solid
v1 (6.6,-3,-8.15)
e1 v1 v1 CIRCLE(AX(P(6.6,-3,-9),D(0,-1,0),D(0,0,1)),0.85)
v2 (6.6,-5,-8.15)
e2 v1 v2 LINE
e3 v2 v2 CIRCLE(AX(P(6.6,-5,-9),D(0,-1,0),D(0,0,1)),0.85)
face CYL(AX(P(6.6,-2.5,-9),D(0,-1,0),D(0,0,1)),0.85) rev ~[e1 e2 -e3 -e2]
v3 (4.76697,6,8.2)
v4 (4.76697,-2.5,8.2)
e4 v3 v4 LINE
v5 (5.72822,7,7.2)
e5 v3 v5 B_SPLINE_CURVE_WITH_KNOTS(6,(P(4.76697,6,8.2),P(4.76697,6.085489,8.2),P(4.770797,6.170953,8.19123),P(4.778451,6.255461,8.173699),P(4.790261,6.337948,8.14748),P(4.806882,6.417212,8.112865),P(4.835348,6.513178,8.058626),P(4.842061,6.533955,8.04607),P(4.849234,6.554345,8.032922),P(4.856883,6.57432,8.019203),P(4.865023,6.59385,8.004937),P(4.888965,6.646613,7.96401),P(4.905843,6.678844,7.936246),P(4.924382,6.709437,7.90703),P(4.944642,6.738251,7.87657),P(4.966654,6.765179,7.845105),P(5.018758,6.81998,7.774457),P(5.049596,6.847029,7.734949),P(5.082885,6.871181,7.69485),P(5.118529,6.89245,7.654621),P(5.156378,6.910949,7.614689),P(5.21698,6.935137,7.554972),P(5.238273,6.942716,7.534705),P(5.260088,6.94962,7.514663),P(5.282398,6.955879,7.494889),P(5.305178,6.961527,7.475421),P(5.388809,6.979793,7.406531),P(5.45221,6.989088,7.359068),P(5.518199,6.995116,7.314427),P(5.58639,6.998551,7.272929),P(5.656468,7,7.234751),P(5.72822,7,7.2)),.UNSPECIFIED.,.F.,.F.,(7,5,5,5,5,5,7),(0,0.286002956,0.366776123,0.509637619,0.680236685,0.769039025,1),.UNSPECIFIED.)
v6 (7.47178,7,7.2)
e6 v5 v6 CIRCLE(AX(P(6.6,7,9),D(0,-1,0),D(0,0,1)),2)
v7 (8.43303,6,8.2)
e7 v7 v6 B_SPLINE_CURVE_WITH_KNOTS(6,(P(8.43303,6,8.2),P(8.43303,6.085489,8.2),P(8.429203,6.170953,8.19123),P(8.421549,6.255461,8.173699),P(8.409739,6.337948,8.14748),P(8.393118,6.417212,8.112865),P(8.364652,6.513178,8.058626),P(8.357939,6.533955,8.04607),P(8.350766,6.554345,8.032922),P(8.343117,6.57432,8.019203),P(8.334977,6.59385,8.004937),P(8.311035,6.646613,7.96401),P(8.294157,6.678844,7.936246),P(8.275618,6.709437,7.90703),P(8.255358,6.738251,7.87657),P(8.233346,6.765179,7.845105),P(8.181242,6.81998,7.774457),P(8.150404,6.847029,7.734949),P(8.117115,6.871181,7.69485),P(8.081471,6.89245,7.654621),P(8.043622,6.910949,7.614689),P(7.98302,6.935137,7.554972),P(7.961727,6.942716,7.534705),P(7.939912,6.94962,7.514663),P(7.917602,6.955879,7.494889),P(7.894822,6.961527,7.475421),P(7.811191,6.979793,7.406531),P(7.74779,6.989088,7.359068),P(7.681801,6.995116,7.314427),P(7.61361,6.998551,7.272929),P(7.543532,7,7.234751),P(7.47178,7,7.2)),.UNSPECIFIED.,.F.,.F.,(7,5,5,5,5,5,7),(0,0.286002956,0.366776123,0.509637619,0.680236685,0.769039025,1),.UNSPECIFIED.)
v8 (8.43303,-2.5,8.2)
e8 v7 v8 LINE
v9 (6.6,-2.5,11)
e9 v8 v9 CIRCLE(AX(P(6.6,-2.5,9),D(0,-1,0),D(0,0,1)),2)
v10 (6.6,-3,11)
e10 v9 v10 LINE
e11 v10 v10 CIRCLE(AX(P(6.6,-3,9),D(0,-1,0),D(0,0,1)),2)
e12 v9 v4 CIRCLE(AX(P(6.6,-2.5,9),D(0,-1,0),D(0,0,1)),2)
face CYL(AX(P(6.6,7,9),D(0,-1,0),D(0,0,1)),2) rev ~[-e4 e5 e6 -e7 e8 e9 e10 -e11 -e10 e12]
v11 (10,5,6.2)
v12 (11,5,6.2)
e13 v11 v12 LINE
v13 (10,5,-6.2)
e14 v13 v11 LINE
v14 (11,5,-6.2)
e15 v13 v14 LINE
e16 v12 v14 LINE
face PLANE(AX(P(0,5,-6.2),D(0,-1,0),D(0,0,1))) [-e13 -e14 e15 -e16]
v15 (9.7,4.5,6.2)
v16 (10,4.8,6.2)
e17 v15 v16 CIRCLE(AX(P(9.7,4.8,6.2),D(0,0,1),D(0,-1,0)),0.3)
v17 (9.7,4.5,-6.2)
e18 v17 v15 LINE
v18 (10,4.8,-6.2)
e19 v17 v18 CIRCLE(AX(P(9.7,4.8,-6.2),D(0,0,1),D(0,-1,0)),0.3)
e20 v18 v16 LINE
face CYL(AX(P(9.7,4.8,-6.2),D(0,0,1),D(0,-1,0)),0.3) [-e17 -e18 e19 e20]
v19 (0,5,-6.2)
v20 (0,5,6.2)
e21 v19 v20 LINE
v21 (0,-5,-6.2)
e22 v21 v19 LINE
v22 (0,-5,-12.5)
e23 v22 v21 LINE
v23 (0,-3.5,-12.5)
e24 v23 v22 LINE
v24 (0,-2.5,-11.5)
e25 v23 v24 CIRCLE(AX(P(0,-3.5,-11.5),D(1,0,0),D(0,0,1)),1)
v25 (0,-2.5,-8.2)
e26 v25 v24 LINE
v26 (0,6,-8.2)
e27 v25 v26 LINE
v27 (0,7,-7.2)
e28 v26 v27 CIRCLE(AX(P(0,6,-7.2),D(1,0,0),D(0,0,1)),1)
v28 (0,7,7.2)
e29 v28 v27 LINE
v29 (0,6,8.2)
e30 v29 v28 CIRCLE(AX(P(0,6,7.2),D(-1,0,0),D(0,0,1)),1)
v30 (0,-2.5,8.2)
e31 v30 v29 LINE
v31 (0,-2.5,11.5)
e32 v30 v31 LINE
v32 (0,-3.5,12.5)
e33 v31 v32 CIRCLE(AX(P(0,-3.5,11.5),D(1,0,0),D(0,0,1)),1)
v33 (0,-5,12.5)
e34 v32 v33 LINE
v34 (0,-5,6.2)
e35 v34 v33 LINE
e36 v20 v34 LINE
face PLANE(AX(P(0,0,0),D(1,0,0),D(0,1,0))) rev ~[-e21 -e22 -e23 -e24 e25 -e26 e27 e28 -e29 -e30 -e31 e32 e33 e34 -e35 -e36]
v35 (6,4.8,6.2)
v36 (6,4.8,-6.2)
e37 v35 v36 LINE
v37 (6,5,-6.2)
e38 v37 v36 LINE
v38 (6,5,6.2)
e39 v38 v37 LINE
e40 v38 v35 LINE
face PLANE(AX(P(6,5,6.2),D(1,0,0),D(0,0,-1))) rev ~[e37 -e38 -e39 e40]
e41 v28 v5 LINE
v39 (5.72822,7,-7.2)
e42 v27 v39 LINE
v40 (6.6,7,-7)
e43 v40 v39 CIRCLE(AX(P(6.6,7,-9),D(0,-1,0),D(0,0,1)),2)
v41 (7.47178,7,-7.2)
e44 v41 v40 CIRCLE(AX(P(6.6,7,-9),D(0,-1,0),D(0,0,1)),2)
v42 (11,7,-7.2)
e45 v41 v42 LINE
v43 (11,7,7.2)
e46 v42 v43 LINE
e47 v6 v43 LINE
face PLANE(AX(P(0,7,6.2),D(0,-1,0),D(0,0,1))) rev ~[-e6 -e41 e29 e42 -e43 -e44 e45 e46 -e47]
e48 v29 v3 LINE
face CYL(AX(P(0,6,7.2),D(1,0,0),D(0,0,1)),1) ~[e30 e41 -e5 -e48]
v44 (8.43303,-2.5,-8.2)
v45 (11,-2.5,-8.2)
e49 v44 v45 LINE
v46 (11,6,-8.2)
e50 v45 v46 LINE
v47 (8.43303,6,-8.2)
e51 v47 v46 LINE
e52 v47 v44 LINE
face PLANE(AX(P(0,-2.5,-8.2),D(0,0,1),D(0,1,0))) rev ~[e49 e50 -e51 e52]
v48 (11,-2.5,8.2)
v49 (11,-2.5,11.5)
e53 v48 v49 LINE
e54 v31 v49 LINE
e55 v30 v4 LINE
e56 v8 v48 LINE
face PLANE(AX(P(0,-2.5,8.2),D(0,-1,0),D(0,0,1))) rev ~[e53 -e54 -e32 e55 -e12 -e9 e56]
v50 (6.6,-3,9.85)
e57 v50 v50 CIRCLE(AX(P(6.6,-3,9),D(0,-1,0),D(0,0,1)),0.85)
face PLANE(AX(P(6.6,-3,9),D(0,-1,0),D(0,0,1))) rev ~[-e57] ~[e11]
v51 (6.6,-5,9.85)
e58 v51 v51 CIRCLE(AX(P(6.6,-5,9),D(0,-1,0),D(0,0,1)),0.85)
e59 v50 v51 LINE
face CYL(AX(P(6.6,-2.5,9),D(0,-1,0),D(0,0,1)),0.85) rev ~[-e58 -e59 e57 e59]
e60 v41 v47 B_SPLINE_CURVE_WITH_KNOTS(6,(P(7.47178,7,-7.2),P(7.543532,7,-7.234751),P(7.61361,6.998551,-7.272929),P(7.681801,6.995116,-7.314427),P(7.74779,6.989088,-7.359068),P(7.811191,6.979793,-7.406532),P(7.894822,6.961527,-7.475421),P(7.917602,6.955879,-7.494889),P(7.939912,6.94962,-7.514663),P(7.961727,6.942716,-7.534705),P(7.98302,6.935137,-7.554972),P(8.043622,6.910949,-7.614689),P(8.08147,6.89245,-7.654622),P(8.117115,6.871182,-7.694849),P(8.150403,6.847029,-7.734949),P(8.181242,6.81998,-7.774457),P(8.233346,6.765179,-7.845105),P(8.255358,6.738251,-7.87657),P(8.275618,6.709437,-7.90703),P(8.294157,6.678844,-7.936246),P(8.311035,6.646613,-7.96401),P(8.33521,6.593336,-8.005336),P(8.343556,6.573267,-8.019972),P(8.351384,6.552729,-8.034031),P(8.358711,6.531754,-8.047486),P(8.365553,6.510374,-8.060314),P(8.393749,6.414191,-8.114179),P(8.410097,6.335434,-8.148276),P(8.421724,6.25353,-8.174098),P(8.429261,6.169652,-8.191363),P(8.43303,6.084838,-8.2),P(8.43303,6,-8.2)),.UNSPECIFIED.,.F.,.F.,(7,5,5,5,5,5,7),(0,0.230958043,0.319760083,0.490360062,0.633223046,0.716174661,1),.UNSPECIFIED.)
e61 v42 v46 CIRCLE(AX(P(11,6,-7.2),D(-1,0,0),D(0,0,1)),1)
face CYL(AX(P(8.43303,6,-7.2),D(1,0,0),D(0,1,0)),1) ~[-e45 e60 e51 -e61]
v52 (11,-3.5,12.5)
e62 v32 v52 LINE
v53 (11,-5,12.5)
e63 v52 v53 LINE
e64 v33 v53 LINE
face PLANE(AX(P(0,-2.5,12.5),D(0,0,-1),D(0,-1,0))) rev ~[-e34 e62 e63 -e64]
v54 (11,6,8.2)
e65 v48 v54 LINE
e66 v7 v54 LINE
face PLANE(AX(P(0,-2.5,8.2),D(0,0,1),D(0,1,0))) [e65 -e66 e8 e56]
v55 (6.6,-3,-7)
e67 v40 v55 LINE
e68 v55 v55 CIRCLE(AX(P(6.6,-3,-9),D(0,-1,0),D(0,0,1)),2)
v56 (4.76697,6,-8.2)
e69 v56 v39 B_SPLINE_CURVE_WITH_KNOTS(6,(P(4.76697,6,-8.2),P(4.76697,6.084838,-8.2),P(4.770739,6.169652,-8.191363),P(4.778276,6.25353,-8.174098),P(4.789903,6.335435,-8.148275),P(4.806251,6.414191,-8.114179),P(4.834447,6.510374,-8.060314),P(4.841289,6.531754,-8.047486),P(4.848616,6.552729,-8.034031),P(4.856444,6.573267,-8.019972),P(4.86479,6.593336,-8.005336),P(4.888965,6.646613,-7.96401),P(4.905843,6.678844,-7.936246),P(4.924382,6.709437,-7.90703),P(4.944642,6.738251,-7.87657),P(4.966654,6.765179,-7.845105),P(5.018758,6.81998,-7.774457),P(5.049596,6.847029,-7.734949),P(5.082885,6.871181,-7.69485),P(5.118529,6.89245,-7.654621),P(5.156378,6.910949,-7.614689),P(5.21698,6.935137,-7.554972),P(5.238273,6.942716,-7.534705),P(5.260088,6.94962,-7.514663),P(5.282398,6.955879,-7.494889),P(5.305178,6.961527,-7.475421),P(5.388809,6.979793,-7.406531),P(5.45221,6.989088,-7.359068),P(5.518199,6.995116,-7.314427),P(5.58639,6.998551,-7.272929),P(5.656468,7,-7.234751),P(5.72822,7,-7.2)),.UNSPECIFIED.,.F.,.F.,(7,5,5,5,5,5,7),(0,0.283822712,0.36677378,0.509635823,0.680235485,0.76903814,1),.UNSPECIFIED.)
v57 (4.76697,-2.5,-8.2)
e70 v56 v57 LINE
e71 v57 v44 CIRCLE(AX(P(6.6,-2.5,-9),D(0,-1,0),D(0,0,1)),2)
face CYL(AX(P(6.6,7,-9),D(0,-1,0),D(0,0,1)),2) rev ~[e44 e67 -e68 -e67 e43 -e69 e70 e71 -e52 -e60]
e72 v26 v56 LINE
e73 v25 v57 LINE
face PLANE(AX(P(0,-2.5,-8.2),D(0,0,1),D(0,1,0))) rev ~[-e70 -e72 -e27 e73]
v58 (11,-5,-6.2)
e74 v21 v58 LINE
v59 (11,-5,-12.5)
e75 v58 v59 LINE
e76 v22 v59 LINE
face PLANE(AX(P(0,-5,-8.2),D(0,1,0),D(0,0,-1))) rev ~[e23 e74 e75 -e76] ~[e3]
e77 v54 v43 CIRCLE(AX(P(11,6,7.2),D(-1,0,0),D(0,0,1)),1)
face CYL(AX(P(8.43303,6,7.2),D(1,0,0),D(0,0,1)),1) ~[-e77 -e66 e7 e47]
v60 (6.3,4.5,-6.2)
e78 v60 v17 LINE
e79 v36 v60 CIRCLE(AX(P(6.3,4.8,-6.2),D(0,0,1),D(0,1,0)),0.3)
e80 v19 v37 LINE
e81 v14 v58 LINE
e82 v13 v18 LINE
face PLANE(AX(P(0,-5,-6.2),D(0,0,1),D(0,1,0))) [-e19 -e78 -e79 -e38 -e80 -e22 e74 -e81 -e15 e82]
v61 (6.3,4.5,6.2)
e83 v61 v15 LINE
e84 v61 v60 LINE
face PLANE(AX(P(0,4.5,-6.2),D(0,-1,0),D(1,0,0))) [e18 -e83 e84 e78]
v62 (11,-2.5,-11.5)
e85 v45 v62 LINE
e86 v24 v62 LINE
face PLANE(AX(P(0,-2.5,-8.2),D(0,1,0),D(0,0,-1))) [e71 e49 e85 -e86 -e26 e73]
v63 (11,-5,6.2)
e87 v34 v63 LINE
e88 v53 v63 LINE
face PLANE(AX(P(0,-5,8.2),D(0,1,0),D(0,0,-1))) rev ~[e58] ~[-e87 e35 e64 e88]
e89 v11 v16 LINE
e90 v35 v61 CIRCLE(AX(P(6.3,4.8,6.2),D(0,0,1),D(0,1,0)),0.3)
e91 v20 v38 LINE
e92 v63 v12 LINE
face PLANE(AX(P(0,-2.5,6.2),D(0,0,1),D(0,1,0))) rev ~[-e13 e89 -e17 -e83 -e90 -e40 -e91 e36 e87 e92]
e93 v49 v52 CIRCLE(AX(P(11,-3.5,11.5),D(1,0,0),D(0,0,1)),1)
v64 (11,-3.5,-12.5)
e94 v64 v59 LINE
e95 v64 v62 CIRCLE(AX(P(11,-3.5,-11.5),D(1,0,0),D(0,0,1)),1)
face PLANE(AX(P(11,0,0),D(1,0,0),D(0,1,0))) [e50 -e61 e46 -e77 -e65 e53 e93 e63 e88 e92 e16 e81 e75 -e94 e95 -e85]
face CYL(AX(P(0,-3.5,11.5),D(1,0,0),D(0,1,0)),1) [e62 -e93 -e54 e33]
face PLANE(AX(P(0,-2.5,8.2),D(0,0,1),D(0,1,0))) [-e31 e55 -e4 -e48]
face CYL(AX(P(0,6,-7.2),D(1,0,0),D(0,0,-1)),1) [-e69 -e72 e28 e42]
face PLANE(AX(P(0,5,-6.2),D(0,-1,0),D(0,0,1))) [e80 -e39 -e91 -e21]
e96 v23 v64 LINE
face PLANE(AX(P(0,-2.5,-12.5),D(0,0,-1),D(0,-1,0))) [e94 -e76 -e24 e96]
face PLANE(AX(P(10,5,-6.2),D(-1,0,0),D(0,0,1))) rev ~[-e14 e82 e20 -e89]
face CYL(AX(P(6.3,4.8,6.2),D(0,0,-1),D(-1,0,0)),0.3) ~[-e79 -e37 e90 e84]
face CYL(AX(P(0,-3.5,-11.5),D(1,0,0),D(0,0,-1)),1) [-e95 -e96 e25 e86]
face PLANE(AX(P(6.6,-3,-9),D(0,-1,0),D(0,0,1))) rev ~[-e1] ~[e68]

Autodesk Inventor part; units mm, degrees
ref_plane "YZ Plane" through (0, 0, 0) normal (1, 0, 0) x (0, 1, 0)
ref_plane "XZ Plane" through (0, 0, 0) normal (0, 1, 0) x (-1, 0, 0)
ref_plane "XY Plane" through (0, 0, 0) normal (0, 0, 1) x (1, 0, 0)
sketch "Sketch1" plane through (0, 0, 0) normal (1, 0, 0) x (0, 1, 0)
  line L0 (-2.5, 12.5) -> (-5, 12.5)
  line L1 (5, -6.2) -> (5, 6.2)
  line L2 (-5, 12.5) -> (-5, 6.2)
  line L3 (-5, -6.2) -> (-5, -12.5)
  line L4 (-5, 6.2) -> (5, 6.2)
  line L5 (-5, -6.2) -> (5, -6.2)
  line L6 (7, -6.2) -> (7, 8.2)
  line L7 (5, 6.2) -> (5, -6.2)
  line L8 (5, 6.2) -> (-5, 6.2)
  line L9 (-5, 6.2) -> (-5, 8.2)
  line L10 (-2.5, 8.2) -> (7, 8.2)
  line L11 (7, 8.2) -> (7, 6.2)
  line L12 (-5, 6.2) -> (-2.5, 6.2)
  line L13 (-2.5, 8.2) -> (-2.5, 12.5)
  line L14 (-2.5, 12.5) -> (-5, 12.5)
  line L15 (-5, 12.5) -> (-5, 6.2)
  line L16 (5, 6.2) -> (5, 0)
  line L17 (5, 0) -> (-5.8889, 0)
  line L18 (-2.5, -12.5) -> (-5, -12.5)
  line L19 (5, 6.2) -> (5, -6.2)
  line L20 (-5, -12.5) -> (-5, -6.2)
  line L21 (-5, -6.2) -> (5, -6.2)
  line L22 (7, 6.2) -> (7, -8.2)
  line L23 (5, -6.2) -> (5, 6.2)
  line L24 (5, -6.2) -> (-5, -6.2)
  line L25 (-5, -6.2) -> (-5, -8.2)
  line L26 (-2.5, -8.2) -> (7, -8.2)
  line L27 (7, -8.2) -> (7, -6.2)
  line L28 (-5, -6.2) -> (-2.5, -6.2)
  line L29 (-2.5, -8.2) -> (-2.5, -12.5)
  line L30 (-2.5, -12.5) -> (-5, -12.5)
  line L31 (-5, -12.5) -> (-5, -6.2)
  line L32 (5, -6.2) -> (5, 0)
  dimension "d1" = 25
  dimension "d2" = 6.3
  dimension "d5" = 10
  dimension "d6" = 10
  dimension "d9" = 2
  dimension "d10" = 2.5
  dimension "d11" = 6.2
extrude "Extrusion1" add sketch "Sketch1" along normal blind 11
sketch "Sketch2" plane through (0, -2.5, 12.5) normal (0, 1, 0) x (1, 0, 0)
  line L0 (0, 4.3) -> (0, 0) projected
  line L1 (0, 0) -> (11, 0) projected
  line L2 (6.6, 0) -> (6.6, 3.5)
  line L3 (6.6, 3.5) -> (0, 3.5)
  point P0 (0, 12.5)
  dimension "d15" = 3.5
  dimension "d16" = 6.6
hole "Hole1" at (6.6, -2.5, 9) direction (0, -1, 0) diameter 1.7 depth 5.692
sketch "Sketch3" plane through (0, -2.5, -8.2) normal (0, 1, 0) x (1, 0, 0)
  line L0 (0, 4.3) -> (11, 4.3) projected
  line L1 (0, 4.3) -> (6.6, 4.3)
  line L2 (6.6, 4.3) -> (6.6, 0.8)
  line L3 (6.6, 4.3) -> (10.1, 4.3) construction
  point P0 (0, -8.2)
  dimension "d24" = 6.6
  dimension "d25" = 3.5
  dimension "d26" = 90
hole "Hole2" at (6.6, -2.5, -9) direction (0, -1, 0) diameter 1.7 depth 5.692
sketch "Sketch4" plane through (0, 7, 8.2) normal (0, 1, 0) x (1, 0, 0)
  arc A0 (6.3128, 0) -> (6.8872, 0) centre (6.6, -0.8) ccw projected
  arc A1 (6.8872, 16.4) -> (6.3128, 16.4) centre (6.6, 17.2) ccw projected
  point P0 (0, 8.2)
hole "Hole3" at (6.6, 7, 9) at (6.6, 7, -9) direction (0, -1, 0) diameter 4 depth 10
fillet "Fillet1" radius 1 6 edges at (2.3835, 7, -8.2) (2.3835, 7, 8.2) (9.7165, 7, 8.2) (9.7165, 7, -8.2) (5.5, -2.5, 12.5) (5.5, -2.5, -12.5)
sketch "Sketch5" plane through (0, 5, -6.2) normal (0, -1, 0) x (1, 0, 0)
  line L0 (11, 12.4) -> (11, 0) projected
  line L1 (0, 12.4) -> (11, 12.4) projected
  line L2 (11, 12.4) -> (10, 12.4)
  line L3 (10, 12.4) -> (6, 12.4)
  line L4 (0, 0) -> (11, 0) projected
  line L5 (10, 12.4) -> (6, 12.4)
  line L6 (6, 12.4) -> (6, 0)
  line L7 (6, 0) -> (10, 0)
  line L8 (10, 0) -> (10, 12.4)
  point P0 (0, 6.2)
  point P1 (10, 0)
  dimension "d42" = 1
  dimension "d43" = 4
extrude "Extrusion2" add sketch "Sketch5" along normal blind 0.5 contours L8 L4 L6 L1
fillet "Fillet2" radius 0.3 2 edges at (10, 4.5, 0) (6, 4.5, 0)
properties part number "soporte velo"
